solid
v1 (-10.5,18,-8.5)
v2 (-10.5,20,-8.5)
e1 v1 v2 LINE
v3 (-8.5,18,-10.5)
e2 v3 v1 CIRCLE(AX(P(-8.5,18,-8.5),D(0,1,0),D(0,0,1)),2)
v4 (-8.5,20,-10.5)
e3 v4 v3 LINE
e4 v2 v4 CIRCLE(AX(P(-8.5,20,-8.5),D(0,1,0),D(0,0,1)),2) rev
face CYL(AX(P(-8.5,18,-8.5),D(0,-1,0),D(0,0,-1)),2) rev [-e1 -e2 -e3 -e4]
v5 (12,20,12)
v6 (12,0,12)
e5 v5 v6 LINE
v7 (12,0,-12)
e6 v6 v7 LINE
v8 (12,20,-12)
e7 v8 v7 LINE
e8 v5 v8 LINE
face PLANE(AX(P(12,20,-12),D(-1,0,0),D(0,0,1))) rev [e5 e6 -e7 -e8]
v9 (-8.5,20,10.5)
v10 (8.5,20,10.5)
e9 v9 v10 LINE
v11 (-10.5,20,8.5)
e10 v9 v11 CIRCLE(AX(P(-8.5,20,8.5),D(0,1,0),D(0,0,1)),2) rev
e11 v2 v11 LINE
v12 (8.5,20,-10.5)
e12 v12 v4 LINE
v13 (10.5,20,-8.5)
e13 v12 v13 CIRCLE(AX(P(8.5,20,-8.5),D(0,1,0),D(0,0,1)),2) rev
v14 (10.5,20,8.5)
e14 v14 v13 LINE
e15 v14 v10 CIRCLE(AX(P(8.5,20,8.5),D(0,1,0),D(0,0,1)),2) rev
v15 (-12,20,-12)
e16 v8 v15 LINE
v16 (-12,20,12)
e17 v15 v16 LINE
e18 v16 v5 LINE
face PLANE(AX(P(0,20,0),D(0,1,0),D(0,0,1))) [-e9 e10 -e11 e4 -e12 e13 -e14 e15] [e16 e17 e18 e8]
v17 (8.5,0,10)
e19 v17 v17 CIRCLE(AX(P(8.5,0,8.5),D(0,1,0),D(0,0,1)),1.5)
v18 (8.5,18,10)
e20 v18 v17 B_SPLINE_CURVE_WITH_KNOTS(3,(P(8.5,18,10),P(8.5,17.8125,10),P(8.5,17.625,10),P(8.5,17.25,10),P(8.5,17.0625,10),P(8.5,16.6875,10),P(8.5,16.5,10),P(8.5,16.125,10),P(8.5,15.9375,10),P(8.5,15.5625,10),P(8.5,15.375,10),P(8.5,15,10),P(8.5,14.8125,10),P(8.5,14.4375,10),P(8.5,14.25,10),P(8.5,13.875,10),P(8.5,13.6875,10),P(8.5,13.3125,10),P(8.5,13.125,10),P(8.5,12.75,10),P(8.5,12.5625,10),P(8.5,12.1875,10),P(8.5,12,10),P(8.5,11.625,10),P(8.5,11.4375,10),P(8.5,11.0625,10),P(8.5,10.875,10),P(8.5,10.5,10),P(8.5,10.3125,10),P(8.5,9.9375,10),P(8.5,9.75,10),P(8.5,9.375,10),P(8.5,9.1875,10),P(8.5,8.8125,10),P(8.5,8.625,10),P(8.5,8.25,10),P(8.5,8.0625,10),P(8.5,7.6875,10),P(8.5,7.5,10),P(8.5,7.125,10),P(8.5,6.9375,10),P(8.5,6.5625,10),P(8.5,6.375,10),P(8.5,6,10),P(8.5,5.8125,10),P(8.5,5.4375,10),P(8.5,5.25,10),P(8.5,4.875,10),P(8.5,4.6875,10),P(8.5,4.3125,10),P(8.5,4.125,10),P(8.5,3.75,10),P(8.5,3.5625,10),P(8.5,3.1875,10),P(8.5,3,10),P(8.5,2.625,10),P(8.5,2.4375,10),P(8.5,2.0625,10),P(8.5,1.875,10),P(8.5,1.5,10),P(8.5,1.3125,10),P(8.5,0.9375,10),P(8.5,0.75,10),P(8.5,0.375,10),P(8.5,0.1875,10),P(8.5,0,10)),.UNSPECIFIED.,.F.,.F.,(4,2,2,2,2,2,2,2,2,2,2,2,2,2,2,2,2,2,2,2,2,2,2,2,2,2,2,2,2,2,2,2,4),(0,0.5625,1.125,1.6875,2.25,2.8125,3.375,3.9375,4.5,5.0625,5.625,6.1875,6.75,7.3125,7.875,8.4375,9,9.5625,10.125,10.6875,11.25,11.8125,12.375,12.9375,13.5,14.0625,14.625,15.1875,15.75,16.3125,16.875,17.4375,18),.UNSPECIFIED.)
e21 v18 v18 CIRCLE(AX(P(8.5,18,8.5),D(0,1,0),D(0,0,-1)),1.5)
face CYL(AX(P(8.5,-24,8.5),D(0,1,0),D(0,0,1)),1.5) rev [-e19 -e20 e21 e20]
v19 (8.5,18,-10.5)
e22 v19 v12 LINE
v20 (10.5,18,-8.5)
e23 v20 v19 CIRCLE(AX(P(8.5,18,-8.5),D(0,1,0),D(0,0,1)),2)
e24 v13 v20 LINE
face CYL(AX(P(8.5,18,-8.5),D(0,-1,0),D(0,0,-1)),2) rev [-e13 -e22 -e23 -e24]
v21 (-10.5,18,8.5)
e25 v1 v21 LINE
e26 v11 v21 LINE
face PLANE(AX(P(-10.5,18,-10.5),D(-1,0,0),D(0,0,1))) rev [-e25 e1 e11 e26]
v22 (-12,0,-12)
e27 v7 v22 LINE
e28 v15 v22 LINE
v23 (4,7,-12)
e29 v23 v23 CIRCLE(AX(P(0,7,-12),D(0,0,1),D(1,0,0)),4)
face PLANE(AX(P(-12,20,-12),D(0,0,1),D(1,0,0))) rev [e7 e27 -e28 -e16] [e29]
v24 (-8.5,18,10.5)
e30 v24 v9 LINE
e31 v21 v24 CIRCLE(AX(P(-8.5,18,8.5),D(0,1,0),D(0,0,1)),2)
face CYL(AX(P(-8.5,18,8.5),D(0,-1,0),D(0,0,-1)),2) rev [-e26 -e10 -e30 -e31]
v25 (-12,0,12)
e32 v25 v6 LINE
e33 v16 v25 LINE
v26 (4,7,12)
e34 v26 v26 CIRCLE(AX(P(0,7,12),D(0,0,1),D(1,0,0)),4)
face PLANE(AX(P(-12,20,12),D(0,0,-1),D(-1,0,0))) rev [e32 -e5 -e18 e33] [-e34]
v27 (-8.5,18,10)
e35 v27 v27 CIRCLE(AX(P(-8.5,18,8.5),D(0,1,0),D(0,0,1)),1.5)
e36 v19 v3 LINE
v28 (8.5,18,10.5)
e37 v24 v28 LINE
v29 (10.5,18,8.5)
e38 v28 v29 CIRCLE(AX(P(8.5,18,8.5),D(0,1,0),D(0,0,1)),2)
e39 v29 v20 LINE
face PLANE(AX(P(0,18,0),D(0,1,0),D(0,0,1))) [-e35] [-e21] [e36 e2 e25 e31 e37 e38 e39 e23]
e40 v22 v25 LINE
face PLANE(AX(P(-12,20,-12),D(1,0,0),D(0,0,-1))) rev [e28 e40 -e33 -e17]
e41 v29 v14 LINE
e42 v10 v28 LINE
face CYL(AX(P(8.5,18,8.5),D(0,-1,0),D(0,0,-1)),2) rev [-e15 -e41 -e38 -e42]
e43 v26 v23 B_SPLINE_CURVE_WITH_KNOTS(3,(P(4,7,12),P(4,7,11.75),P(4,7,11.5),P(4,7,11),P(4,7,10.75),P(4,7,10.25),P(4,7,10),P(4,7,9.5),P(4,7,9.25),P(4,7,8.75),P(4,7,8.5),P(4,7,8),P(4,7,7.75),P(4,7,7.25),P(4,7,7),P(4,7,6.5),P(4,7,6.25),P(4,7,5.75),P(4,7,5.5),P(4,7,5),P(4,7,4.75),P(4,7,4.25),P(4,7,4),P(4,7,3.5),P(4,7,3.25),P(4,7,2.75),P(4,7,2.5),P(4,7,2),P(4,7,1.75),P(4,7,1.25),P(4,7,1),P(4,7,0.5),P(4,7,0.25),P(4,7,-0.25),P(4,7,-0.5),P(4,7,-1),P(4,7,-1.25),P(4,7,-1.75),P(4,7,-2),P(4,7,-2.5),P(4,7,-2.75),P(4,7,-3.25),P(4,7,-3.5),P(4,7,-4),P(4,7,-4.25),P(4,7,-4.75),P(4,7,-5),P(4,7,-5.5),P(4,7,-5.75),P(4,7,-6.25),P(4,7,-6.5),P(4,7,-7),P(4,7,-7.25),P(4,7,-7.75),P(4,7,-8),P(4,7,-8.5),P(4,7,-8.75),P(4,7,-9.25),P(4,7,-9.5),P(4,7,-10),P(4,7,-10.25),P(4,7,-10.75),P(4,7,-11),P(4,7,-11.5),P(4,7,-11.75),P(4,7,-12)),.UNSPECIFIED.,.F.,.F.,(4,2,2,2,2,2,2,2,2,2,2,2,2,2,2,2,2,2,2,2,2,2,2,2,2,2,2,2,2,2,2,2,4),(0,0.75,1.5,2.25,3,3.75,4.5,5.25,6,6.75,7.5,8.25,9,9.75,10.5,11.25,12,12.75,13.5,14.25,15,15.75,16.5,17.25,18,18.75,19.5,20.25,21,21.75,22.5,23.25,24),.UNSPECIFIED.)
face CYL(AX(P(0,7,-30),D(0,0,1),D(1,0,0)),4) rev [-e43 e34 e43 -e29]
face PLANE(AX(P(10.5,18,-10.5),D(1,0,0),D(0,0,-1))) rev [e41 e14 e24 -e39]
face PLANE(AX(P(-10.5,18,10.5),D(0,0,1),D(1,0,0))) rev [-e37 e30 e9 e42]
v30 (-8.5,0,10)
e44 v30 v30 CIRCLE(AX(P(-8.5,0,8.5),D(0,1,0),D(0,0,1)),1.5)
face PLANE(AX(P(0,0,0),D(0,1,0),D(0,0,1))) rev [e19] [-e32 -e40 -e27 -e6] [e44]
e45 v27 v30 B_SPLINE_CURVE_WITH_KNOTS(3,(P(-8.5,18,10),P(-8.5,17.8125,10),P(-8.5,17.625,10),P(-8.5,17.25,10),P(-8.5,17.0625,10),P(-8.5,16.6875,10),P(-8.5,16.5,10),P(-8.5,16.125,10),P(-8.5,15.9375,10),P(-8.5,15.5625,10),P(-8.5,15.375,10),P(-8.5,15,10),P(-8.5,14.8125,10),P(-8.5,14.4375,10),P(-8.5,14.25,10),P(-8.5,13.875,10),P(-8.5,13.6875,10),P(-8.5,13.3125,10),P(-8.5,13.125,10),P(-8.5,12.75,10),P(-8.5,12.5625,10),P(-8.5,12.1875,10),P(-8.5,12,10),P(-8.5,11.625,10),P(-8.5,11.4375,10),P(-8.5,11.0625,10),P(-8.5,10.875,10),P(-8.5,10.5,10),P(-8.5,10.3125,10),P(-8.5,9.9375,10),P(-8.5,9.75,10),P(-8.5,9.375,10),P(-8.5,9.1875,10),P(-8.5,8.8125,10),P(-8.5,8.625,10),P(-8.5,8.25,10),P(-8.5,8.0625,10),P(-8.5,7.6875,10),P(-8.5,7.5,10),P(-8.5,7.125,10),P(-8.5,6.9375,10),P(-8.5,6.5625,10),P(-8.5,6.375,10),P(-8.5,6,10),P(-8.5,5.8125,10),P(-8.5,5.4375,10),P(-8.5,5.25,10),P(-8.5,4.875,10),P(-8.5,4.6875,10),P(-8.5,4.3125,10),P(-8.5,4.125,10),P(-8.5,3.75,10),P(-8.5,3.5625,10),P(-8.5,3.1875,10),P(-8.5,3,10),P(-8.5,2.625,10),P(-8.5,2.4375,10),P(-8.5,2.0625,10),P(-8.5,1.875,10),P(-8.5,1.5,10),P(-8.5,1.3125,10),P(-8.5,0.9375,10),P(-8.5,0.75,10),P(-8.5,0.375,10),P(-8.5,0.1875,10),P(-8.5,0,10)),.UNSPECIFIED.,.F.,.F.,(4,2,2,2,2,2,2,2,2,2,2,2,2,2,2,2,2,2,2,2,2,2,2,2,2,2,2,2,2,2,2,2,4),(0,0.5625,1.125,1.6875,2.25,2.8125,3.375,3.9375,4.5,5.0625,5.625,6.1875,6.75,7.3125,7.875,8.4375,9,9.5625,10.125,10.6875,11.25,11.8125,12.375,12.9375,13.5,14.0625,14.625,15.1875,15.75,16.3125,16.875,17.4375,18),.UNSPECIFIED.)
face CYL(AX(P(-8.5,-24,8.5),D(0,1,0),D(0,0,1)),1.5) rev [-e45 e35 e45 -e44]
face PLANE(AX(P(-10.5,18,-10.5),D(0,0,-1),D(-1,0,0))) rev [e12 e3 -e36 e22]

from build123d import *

# Parameters (mm, degrees)
SKETCH1_W           = 24
SKETCH1_H           = 24
BOSS_EXTRUDE1_DEPTH = 20
SKETCH2_W           = 21
SKETCH2_H           = 21
CUT_EXTRUDE1_DEPTH  = 2
FILLET2_R           = 2
SKETCH3_R           = 4
CUT_EXTRUDE2_DEPTH  = 42
SKETCH5_R           = 1.5
CUT_EXTRUDE3_DEPTH  = 42


with BuildPart() as part:
    # Sketch1 → Boss-Extrude1 (new body)
    with BuildSketch(Plane(origin=(0, 0, 0), x_dir=(1, 0, 0), z_dir=(0, 1, 0))):
        Rectangle(SKETCH1_W, SKETCH1_H)
    extrude(amount=BOSS_EXTRUDE1_DEPTH)

    # Sketch2 → Cut-Extrude1 (cut)
    with BuildSketch(Plane(origin=(0, 20, 0), x_dir=(1, 0, 0), z_dir=(0, 1, 0))):
        Rectangle(SKETCH2_W, SKETCH2_H)
    extrude(amount=-CUT_EXTRUDE1_DEPTH, mode=Mode.SUBTRACT)

    # Fillet2
    fillet2_edges = [part.edges().sort_by_distance(p)[0] for p in [
        (10.5, 19, -10.5),
        (10.5, 19, 10.5),
        (-10.5, 19, 10.5),
        (-10.5, 19, -10.5),
    ]]
    fillet(fillet2_edges, radius=FILLET2_R)

    # Sketch3 → Cut-Extrude2 (cut)
    with BuildSketch(Plane.XY.offset(12)):
        with Locations((0, 7)):
            Circle(SKETCH3_R)
    extrude(amount=-CUT_EXTRUDE2_DEPTH, mode=Mode.SUBTRACT)

    # Sketch5 → Cut-Extrude3 (cut)
    with BuildSketch(Plane(origin=(0, 18, 0), x_dir=(1, 0, 0), z_dir=(0, 1, 0))):
        with Locations(Location((-8.5, -8.5, 0), (0, 0, 270))):
            Circle(SKETCH5_R)
        with Locations(Location((8.5, -8.5, 0), (0, 0, 270))):
            Circle(SKETCH5_R)
    extrude(amount=-CUT_EXTRUDE3_DEPTH, mode=Mode.SUBTRACT)


solid = part.part
